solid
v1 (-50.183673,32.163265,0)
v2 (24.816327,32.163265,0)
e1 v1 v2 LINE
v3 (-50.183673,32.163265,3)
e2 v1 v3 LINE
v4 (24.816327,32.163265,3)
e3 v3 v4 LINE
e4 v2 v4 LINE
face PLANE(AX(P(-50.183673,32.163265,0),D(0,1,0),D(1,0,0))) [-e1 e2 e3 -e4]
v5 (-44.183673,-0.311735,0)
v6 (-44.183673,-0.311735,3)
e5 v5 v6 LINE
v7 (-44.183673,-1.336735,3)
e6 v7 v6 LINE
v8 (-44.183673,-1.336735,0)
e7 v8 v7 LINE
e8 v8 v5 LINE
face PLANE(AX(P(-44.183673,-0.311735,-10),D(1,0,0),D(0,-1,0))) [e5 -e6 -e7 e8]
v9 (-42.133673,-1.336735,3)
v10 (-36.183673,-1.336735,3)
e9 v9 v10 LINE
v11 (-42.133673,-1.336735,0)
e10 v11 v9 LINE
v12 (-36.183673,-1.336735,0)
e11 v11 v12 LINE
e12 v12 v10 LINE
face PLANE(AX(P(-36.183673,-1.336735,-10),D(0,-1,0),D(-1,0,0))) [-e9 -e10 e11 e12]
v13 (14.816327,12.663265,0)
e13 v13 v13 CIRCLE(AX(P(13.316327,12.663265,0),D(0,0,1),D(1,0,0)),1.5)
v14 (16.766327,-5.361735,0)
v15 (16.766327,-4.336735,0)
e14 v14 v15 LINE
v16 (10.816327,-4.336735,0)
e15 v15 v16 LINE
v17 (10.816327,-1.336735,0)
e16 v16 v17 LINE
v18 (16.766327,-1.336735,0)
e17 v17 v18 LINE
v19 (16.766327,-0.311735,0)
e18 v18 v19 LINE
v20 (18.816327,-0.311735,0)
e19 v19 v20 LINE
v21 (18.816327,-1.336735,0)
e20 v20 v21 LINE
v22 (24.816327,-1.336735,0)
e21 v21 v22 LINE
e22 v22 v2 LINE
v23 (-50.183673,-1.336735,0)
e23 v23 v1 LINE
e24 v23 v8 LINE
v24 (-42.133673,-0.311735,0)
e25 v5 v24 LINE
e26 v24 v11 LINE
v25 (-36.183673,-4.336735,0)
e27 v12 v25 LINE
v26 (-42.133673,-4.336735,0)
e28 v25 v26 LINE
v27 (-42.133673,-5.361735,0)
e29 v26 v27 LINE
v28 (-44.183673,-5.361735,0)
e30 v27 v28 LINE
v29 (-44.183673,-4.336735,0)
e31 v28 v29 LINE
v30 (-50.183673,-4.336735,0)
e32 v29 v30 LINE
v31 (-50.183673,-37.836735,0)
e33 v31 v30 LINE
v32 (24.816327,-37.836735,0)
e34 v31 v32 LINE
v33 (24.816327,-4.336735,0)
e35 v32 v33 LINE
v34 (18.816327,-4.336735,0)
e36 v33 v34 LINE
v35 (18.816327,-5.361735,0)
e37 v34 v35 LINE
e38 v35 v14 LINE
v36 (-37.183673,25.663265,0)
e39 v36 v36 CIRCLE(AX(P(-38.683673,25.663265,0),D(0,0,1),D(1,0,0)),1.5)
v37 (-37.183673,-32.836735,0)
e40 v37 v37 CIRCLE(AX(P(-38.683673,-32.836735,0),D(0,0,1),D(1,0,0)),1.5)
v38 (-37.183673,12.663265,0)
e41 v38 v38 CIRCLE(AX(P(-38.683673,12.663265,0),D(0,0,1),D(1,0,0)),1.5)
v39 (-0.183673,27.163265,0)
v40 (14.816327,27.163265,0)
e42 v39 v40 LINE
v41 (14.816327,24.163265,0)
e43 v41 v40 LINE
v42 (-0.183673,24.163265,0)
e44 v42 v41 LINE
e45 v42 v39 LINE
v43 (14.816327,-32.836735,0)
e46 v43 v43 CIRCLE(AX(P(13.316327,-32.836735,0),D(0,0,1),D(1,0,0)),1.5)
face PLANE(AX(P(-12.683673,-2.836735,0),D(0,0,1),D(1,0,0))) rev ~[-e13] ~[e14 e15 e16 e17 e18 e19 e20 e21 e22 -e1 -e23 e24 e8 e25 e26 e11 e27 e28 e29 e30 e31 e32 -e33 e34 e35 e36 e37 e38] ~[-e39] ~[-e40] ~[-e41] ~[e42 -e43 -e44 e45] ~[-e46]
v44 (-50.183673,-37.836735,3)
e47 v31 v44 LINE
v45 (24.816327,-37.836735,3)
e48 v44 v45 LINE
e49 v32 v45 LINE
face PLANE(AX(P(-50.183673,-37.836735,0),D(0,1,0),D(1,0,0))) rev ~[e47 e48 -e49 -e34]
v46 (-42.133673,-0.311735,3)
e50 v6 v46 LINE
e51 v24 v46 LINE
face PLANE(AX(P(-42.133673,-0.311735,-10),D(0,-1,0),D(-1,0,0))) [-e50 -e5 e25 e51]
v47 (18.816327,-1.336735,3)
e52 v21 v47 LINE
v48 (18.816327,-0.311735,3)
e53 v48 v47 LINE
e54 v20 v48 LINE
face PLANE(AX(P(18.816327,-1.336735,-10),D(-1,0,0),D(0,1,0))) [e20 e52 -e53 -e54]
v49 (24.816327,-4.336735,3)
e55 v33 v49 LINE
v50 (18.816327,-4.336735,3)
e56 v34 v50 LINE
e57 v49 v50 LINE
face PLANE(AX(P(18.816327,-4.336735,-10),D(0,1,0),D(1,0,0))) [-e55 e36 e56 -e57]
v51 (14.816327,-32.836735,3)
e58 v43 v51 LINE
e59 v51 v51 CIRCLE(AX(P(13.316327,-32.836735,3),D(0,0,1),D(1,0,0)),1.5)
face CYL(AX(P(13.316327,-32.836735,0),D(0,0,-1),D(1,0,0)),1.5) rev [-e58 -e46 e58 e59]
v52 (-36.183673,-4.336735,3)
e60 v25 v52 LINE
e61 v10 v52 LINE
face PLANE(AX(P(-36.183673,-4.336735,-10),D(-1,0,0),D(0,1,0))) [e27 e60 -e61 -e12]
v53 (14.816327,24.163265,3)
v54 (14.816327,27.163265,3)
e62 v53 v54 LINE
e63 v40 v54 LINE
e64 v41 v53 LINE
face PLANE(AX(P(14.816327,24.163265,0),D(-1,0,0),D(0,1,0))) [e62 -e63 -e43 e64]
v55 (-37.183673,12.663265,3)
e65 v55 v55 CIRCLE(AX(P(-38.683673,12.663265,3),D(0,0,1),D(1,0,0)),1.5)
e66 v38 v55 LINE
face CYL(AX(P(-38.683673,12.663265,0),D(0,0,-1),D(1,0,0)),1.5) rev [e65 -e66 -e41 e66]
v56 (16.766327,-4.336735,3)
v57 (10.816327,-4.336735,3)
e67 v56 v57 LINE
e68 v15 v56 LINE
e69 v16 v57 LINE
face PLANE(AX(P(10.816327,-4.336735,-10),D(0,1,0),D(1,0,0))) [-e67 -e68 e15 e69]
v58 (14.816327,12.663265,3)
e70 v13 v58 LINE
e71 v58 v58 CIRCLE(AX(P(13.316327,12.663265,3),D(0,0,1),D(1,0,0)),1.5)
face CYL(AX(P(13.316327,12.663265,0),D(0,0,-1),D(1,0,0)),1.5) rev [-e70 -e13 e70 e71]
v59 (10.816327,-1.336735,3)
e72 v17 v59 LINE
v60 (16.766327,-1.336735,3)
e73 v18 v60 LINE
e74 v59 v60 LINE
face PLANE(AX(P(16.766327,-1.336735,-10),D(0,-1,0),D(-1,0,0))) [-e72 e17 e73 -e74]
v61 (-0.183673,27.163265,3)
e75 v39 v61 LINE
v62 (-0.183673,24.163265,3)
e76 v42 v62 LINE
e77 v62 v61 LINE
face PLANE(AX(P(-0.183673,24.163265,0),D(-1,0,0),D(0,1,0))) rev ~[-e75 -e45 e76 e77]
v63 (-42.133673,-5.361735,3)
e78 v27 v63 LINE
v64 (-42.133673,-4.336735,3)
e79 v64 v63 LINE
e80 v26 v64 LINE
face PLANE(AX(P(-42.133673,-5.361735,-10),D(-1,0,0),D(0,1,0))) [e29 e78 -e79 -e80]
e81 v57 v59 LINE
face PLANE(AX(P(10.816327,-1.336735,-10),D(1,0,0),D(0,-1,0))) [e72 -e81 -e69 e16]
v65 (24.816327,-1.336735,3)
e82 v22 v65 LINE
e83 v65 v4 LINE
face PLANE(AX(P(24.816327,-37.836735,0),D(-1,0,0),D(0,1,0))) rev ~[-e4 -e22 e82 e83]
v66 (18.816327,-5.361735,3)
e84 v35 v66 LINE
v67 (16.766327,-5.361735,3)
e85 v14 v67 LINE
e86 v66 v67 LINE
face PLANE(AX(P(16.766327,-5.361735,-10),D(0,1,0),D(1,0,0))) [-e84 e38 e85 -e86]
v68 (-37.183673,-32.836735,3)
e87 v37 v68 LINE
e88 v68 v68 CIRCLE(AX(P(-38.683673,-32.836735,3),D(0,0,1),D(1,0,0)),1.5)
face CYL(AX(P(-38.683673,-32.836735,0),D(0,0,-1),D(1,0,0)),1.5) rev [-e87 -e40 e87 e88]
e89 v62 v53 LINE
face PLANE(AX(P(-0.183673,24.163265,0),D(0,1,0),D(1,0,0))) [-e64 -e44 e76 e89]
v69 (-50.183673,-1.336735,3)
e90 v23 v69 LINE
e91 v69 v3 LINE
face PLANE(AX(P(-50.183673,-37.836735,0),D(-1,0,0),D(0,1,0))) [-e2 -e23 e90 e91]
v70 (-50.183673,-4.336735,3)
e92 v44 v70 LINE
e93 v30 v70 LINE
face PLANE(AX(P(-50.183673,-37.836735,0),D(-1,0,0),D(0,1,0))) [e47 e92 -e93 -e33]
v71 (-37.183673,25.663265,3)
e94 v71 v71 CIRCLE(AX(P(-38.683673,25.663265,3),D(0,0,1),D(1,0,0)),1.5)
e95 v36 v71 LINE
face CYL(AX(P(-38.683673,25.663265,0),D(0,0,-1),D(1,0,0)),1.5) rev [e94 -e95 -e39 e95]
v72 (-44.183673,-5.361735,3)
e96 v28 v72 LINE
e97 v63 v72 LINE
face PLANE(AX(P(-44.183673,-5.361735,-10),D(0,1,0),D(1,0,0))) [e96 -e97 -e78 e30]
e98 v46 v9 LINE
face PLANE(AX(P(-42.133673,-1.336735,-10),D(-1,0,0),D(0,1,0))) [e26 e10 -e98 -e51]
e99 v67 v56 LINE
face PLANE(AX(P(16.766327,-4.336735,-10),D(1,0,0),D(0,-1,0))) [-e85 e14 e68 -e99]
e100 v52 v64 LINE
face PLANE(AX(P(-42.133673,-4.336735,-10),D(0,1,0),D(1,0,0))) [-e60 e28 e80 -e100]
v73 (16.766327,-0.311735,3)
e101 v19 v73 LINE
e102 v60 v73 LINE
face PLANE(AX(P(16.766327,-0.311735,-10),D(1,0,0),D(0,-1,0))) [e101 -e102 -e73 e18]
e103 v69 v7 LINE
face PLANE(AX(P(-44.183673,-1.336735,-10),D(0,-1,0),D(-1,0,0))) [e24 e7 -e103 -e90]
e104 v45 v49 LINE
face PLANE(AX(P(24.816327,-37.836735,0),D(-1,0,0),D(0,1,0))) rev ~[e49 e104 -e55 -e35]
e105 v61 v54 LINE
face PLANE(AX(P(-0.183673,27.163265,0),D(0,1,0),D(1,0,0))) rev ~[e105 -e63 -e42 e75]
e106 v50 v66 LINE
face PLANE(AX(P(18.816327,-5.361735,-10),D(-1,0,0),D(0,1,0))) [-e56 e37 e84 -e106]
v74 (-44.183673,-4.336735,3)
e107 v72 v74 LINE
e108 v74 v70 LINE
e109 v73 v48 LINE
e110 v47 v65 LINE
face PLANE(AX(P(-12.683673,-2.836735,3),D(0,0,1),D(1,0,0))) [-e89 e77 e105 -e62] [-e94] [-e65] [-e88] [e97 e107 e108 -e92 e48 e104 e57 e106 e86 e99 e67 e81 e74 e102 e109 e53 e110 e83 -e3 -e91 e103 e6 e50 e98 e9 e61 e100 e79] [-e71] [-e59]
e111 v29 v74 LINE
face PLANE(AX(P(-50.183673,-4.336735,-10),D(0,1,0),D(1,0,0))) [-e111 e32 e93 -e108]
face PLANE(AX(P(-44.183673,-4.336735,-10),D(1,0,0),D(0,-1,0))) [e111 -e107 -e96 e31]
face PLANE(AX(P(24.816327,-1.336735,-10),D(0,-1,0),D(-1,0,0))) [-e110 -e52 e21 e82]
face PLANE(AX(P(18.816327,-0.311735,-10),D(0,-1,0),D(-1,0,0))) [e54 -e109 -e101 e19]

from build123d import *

# Parameters (mm, degrees)
ESQUISSE1_W                  = 75
ESQUISSE1_H                  = 70
ESQUISSE1_R                  = 1.5
ESQUISSE1_W_2                = 15
ESQUISSE1_H_2                = 3
BOSS_EXTRU_1_DEPTH           = 3
ENL_V_MAT_EXTRU_2_DEPTH      = 10
ENL_V_MAT_EXTRU_2_DEPTH_BACK = 10


with BuildPart() as part:
    # Esquisse1 → Boss.-Extru.1 (new body)
    with BuildSketch(Plane.XY):
        with Locations((-12.683673469, -2.836734694)):
            Rectangle(ESQUISSE1_W, ESQUISSE1_H)
        with Locations((-38.683673469, 25.663265306)):
            Circle(ESQUISSE1_R, mode=Mode.SUBTRACT)
        with Locations((-38.683673469, 12.663265306)):
            Circle(ESQUISSE1_R, mode=Mode.SUBTRACT)
        with Locations((13.316326531, 12.663265306)):
            Circle(ESQUISSE1_R, mode=Mode.SUBTRACT)
        with Locations((-38.683673469, -32.836734694)):
            Circle(ESQUISSE1_R, mode=Mode.SUBTRACT)
        with Locations((13.316326531, -32.836734694)):
            Circle(ESQUISSE1_R, mode=Mode.SUBTRACT)
        with Locations((7.316326531, 25.663265306)):
            Rectangle(ESQUISSE1_W_2, ESQUISSE1_H_2, mode=Mode.SUBTRACT)
    extrude(amount=BOSS_EXTRU_1_DEPTH)

    # Esquisse2 → Enlèv. mat.-Extru.2 (cut, two sides: drawn at the far end of the back side and taken through both)
    with BuildSketch(Plane.XY.offset(-ENL_V_MAT_EXTRU_2_DEPTH_BACK)):
        Polygon((24.816326531, -1.336734694), (18.816326531, -1.336734694), (18.816326531, -0.311734694), (16.766326531, -0.311734694), (16.766326531, -1.336734694), (10.816326531, -1.336734694), (10.816326531, -4.336734694), (16.766326531, -4.336734694), (16.766326531, -5.361734694), (18.816326531, -5.361734694), (18.816326531, -4.336734694), (24.816326531, -4.336734694), align=None)
        Polygon((-50.183673469, -1.336734694), (-50.183673469, -4.336734694), (-44.183673469, -4.336734694), (-44.183673469, -5.361734694), (-42.133673469, -5.361734694), (-42.133673469, -4.336734694), (-36.183673469, -4.336734694), (-36.183673469, -1.336734694), (-42.133673469, -1.336734694), (-42.133673469, -0.311734694), (-44.183673469, -0.311734694), (-44.183673469, -1.336734694), align=None)
    extrude(amount=ENL_V_MAT_EXTRU_2_DEPTH + ENL_V_MAT_EXTRU_2_DEPTH_BACK, mode=Mode.SUBTRACT)


solid = part.part
